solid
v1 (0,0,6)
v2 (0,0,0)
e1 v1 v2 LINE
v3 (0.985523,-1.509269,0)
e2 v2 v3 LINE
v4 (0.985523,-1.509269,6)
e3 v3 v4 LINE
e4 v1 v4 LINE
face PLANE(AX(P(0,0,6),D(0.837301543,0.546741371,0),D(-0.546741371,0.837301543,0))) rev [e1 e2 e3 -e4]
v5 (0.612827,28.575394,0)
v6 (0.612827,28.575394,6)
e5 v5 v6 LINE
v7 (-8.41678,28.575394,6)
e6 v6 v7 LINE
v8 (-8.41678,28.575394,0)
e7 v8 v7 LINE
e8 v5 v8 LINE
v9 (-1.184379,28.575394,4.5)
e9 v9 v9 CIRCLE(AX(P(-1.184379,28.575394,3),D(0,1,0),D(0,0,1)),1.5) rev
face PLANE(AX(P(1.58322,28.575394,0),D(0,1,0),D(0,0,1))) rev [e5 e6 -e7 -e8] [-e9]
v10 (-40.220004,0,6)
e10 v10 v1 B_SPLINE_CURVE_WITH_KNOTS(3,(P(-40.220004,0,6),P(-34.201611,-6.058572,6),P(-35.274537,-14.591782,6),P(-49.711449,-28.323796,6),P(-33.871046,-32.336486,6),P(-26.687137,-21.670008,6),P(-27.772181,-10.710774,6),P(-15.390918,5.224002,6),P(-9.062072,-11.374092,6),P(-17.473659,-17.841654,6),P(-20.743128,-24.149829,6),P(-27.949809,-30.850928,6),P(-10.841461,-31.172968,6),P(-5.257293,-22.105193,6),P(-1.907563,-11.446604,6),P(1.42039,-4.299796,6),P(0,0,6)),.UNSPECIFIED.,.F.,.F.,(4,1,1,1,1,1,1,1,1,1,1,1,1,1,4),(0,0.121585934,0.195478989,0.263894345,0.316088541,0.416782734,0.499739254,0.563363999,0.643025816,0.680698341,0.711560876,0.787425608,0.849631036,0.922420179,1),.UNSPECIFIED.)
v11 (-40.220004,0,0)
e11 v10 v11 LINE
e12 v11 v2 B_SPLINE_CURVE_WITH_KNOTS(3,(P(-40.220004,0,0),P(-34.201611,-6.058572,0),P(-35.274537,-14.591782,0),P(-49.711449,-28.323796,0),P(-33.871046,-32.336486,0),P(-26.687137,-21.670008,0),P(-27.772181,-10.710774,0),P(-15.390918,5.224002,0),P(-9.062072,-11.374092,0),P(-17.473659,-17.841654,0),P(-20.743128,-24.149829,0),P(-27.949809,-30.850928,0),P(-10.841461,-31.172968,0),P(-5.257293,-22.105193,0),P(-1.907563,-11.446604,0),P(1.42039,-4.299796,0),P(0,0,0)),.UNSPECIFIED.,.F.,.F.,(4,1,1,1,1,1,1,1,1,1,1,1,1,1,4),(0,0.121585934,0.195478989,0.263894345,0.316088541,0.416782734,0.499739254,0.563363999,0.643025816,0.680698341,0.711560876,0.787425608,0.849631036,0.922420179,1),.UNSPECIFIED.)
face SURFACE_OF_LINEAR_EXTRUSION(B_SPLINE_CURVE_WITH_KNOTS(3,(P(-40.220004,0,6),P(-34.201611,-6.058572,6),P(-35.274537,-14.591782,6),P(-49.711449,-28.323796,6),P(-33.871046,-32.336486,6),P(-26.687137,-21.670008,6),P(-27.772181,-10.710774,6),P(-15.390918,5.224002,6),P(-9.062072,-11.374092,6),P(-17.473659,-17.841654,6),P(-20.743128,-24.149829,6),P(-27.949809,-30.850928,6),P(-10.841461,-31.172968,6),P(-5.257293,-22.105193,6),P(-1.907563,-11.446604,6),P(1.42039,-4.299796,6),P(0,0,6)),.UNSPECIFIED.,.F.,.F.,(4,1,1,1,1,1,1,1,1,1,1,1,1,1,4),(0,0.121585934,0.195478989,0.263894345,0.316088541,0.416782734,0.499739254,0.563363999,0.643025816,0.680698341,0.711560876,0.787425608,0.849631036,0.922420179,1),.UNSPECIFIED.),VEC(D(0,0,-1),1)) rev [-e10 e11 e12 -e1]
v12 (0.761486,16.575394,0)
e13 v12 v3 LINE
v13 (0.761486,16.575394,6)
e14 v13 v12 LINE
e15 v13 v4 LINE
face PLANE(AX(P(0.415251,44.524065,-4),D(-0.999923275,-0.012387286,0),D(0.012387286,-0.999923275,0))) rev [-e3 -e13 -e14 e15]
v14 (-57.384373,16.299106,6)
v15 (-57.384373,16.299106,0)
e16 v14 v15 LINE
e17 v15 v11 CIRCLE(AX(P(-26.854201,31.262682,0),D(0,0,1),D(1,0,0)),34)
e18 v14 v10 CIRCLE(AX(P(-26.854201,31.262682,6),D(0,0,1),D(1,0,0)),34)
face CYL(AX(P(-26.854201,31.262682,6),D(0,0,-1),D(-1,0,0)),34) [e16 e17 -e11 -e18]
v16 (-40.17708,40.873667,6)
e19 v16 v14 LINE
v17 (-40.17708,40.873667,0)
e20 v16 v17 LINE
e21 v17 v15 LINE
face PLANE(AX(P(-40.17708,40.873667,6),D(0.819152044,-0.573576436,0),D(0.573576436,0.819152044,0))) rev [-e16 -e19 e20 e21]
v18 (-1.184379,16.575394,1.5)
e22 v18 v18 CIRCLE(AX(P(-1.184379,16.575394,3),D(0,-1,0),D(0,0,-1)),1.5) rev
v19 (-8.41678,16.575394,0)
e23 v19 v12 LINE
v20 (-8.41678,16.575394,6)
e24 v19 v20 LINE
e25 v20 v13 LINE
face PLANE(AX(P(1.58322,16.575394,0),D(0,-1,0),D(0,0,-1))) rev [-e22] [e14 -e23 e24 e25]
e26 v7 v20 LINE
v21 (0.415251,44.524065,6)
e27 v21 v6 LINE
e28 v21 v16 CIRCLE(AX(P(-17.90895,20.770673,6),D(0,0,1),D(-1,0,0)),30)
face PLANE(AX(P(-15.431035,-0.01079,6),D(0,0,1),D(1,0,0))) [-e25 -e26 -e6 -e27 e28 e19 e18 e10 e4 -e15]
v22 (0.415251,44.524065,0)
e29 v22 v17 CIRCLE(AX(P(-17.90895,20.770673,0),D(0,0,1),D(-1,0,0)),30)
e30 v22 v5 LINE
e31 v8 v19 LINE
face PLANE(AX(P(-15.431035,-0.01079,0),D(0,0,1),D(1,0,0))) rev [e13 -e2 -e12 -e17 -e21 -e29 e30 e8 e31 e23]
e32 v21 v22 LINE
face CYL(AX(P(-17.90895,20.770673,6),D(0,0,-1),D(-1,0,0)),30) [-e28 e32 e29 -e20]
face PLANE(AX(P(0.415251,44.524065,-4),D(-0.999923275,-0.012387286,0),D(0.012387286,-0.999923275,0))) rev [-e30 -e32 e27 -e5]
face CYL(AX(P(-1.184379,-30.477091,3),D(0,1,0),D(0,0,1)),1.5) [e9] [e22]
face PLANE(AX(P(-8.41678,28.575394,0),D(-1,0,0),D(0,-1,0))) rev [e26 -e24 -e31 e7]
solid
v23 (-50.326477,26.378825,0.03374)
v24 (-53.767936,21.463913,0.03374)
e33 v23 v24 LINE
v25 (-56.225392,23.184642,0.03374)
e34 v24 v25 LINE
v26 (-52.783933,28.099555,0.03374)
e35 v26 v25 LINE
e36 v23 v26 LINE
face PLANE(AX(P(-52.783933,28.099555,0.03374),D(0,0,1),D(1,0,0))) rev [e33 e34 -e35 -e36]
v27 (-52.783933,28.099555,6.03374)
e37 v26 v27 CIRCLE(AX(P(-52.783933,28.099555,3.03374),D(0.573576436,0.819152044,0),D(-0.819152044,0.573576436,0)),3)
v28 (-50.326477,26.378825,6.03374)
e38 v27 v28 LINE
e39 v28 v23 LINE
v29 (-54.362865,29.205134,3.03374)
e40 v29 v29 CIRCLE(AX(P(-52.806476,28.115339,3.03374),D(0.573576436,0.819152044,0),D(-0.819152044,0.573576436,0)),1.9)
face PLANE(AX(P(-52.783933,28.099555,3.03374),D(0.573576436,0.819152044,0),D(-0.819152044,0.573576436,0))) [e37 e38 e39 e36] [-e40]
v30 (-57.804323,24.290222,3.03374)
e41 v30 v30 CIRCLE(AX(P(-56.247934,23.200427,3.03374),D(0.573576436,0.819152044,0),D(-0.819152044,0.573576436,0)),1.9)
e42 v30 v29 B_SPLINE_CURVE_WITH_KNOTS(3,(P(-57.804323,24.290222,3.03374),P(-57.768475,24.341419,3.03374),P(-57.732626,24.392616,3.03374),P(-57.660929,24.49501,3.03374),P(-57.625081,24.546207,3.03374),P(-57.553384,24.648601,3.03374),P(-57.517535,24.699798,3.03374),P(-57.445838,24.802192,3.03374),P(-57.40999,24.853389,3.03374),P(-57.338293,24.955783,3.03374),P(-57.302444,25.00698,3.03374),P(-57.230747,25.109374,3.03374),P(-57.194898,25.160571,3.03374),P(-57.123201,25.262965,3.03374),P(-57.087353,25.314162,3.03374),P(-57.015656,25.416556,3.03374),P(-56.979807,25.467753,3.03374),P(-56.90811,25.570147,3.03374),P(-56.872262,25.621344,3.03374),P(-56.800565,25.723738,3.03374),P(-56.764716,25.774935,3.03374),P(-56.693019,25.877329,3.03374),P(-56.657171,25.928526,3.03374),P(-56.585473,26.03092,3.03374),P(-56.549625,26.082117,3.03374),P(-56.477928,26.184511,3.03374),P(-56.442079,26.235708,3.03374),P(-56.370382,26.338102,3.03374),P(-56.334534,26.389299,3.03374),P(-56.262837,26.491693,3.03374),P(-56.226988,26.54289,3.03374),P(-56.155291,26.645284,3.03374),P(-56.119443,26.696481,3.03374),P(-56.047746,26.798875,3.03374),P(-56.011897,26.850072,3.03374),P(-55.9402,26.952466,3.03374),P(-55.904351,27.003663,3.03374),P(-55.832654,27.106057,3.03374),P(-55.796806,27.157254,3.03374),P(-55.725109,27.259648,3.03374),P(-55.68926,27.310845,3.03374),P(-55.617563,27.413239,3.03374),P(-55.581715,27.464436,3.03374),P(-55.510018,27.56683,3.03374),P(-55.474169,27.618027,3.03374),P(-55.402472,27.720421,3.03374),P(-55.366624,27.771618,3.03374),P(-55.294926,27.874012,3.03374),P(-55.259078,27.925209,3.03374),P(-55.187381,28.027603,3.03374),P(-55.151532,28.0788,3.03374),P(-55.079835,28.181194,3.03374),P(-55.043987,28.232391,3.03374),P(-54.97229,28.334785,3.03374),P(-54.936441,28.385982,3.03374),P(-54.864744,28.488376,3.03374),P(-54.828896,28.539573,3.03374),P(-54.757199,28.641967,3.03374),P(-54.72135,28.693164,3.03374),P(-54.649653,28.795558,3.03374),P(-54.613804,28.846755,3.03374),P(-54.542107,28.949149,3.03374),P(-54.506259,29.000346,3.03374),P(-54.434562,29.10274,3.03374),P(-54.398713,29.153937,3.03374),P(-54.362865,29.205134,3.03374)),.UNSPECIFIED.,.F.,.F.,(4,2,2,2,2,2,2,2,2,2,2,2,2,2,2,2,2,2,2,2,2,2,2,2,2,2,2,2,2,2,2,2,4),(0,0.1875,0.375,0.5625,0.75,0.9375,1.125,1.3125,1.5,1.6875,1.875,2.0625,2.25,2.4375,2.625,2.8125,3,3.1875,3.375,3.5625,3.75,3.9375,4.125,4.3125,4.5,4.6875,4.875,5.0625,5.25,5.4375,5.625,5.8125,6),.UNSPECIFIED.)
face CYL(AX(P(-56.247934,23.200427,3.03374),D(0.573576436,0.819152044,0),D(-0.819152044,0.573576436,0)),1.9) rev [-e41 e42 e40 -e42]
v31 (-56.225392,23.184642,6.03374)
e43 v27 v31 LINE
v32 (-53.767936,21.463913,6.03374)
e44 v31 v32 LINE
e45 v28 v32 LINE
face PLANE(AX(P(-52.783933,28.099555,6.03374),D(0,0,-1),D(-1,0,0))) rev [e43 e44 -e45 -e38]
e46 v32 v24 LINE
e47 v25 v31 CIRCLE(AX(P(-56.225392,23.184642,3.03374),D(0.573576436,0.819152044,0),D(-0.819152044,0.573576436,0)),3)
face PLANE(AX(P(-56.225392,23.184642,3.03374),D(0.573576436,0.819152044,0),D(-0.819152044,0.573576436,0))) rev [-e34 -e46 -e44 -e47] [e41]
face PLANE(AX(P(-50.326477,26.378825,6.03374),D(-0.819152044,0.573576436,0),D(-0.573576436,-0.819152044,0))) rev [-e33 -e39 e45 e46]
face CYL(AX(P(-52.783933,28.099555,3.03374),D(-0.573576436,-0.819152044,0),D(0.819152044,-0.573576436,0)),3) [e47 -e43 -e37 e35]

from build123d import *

# Parameters (mm, degrees)
SALIENTE_EXTRUIR1_DEPTH = 6
SALIENTE_EXTRUIR3_START = -50
SALIENTE_EXTRUIR3_DEPTH = 6
CROQUIS6_R              = 1.9
CORTAR_EXTRUIR1_DEPTH   = 6
CROQUIS7_W              = 10
CROQUIS7_H              = 12
CORTAR_EXTRUIR2_DEPTH   = 6
SALIENTE_EXTRUIR4_REACH = 85.469
CROQUIS8_R              = 1.5
CORTAR_EXTRUIR3_DEPTH   = 10
CORTAR_EXTRUIR4_DEPTH   = 10


with BuildPart() as part:
    # Croquis1 → Saliente-Extruir1 (new body)
    with BuildSketch(Plane.XY):
        with BuildLine():
            Line((-40.177079655, 40.873667183), (-57.384372746, 16.299105855))
            ThreePointArc((-57.384372746, 16.299105855), (-50.266363801, 6.607649625), (-40.220004181, 0))
            add(Edge.make_bspline(
                [(0, 0), (1.420390437, -4.299796122), (-1.907562696, -11.446603699), (-5.257292975, -22.105193397), (-10.841461249, -31.172967889), (-27.949808585, -30.8509285), (-20.743127863, -24.149828865), (-17.473659403, -17.841654314), (-9.062071908, -11.374092475), (-15.390918352, 5.224002499), (-27.772180986, -10.710774115), (-26.687137084, -21.670008033), (-33.871045739, -32.336486368), (-49.711449451, -28.323795663), (-35.274536828, -14.591782023), (-34.201611429, -6.058571535), (-40.220004181, 0)],
                knots=[0, 0, 0, 0, 0.077579821, 0.150368964, 0.212574392, 0.288439124, 0.319301659, 0.356974184, 0.436636001, 0.500260746, 0.583217266, 0.683911459, 0.736105655, 0.804521011, 0.878414066, 1, 1, 1, 1], degree=3))
            Line((0, 0), (1.583219784, -2.424605926))
            Line((1.583219784, -2.424605926), (1.583219784, 43.575394074))
            ThreePointArc((1.583219784, 43.575394074), (-19.845782505, 50.708085241), (-40.177079655, 40.873667183))
        make_face()
    extrude(amount=SALIENTE_EXTRUIR1_DEPTH)

    # Croquis7 → Cortar-Extruir2 (cut)
    with BuildSketch(Plane.XY.offset(6)):
        with Locations((-3.416780216, 22.575394074)):
            Rectangle(CROQUIS7_W, CROQUIS7_H)
    extrude(amount=-CORTAR_EXTRUIR2_DEPTH, mode=Mode.SUBTRACT)

    # Croquis8 → Saliente-Extruir4 (add, up to next)
    with BuildSketch(Plane.XZ.offset(-28.575394074), mode=Mode.PRIVATE) as saliente_extruir4_sk1:
        with Locations(Location((-1.184379483, 3, 0), (0, 0, 90))):
            Circle(CROQUIS8_R)
    saliente_extruir4_tool1 = extrude(saliente_extruir4_sk1.sketch, amount=SALIENTE_EXTRUIR4_REACH, mode=Mode.PRIVATE) - part.part
    add(saliente_extruir4_tool1.solids().sort_by_distance((-1.184379, 28.575394, 3))[0])

    # Croquis9 → Cortar-Extruir3 (cut)
    with BuildSketch(Plane.XY.offset(6)):
        Polygon((1.813025197, -4.016825326), (0.194805228, 52.179540842), (3.764362793, 52.179540842), (5.382582761, -4.016825326), align=None)
    extrude(amount=-CORTAR_EXTRUIR3_DEPTH, mode=Mode.SUBTRACT)

    # Croquis10 → Cortar-Extruir4 (cut)
    with BuildSketch(Plane.XY.offset(6)):
        Polygon((0.415250858, 44.524065342), (1.014719114, -3.866057018), (7.923284132, -3.866057018), (7.923284132, 44.524065342), align=None)
    extrude(amount=-CORTAR_EXTRUIR4_DEPTH, mode=Mode.SUBTRACT)


with BuildPart() as body_2:
    # Croquis4 → Saliente-Extruir3 (new body)
    with BuildSketch(Plane(origin=(21.074452831, 30.097437803, 0), x_dir=(0.8191520442889889, -0.5735764363510503, 0), z_dir=(0.5735764363510503, 0.8191520442889889, 0)).offset(SALIENTE_EXTRUIR3_START)):
        with BuildLine():
            Line((-59.355309297, -6.033739666), (-56.355309297, -6.033739666))
            Line((-56.355309297, -6.033739666), (-56.355309297, -0.033739666))
            Line((-56.355309297, -0.033739666), (-59.355309297, -0.033739666))
            ThreePointArc((-59.355309297, -0.033739666), (-62.355309297, -3.033739666), (-59.355309297, -6.033739666))
        make_face()
    extrude(amount=SALIENTE_EXTRUIR3_DEPTH)

    # Croquis6 → Cortar-Extruir1 (cut)
    with BuildSketch(Plane(origin=(-4.162910369, -5.945252145, 0), x_dir=(0.8191520442889889, -0.5735764363510503, 0), z_dir=(0.5735764363510503, 0.8191520442889889, 0))):
        with Locations(Location((-59.382828679, -3.033739666, 0), (0, 0, 180))):
            Circle(CROQUIS6_R)
    extrude(amount=-CORTAR_EXTRUIR1_DEPTH, mode=Mode.SUBTRACT)


solid = Compound([part.part, body_2.part])
